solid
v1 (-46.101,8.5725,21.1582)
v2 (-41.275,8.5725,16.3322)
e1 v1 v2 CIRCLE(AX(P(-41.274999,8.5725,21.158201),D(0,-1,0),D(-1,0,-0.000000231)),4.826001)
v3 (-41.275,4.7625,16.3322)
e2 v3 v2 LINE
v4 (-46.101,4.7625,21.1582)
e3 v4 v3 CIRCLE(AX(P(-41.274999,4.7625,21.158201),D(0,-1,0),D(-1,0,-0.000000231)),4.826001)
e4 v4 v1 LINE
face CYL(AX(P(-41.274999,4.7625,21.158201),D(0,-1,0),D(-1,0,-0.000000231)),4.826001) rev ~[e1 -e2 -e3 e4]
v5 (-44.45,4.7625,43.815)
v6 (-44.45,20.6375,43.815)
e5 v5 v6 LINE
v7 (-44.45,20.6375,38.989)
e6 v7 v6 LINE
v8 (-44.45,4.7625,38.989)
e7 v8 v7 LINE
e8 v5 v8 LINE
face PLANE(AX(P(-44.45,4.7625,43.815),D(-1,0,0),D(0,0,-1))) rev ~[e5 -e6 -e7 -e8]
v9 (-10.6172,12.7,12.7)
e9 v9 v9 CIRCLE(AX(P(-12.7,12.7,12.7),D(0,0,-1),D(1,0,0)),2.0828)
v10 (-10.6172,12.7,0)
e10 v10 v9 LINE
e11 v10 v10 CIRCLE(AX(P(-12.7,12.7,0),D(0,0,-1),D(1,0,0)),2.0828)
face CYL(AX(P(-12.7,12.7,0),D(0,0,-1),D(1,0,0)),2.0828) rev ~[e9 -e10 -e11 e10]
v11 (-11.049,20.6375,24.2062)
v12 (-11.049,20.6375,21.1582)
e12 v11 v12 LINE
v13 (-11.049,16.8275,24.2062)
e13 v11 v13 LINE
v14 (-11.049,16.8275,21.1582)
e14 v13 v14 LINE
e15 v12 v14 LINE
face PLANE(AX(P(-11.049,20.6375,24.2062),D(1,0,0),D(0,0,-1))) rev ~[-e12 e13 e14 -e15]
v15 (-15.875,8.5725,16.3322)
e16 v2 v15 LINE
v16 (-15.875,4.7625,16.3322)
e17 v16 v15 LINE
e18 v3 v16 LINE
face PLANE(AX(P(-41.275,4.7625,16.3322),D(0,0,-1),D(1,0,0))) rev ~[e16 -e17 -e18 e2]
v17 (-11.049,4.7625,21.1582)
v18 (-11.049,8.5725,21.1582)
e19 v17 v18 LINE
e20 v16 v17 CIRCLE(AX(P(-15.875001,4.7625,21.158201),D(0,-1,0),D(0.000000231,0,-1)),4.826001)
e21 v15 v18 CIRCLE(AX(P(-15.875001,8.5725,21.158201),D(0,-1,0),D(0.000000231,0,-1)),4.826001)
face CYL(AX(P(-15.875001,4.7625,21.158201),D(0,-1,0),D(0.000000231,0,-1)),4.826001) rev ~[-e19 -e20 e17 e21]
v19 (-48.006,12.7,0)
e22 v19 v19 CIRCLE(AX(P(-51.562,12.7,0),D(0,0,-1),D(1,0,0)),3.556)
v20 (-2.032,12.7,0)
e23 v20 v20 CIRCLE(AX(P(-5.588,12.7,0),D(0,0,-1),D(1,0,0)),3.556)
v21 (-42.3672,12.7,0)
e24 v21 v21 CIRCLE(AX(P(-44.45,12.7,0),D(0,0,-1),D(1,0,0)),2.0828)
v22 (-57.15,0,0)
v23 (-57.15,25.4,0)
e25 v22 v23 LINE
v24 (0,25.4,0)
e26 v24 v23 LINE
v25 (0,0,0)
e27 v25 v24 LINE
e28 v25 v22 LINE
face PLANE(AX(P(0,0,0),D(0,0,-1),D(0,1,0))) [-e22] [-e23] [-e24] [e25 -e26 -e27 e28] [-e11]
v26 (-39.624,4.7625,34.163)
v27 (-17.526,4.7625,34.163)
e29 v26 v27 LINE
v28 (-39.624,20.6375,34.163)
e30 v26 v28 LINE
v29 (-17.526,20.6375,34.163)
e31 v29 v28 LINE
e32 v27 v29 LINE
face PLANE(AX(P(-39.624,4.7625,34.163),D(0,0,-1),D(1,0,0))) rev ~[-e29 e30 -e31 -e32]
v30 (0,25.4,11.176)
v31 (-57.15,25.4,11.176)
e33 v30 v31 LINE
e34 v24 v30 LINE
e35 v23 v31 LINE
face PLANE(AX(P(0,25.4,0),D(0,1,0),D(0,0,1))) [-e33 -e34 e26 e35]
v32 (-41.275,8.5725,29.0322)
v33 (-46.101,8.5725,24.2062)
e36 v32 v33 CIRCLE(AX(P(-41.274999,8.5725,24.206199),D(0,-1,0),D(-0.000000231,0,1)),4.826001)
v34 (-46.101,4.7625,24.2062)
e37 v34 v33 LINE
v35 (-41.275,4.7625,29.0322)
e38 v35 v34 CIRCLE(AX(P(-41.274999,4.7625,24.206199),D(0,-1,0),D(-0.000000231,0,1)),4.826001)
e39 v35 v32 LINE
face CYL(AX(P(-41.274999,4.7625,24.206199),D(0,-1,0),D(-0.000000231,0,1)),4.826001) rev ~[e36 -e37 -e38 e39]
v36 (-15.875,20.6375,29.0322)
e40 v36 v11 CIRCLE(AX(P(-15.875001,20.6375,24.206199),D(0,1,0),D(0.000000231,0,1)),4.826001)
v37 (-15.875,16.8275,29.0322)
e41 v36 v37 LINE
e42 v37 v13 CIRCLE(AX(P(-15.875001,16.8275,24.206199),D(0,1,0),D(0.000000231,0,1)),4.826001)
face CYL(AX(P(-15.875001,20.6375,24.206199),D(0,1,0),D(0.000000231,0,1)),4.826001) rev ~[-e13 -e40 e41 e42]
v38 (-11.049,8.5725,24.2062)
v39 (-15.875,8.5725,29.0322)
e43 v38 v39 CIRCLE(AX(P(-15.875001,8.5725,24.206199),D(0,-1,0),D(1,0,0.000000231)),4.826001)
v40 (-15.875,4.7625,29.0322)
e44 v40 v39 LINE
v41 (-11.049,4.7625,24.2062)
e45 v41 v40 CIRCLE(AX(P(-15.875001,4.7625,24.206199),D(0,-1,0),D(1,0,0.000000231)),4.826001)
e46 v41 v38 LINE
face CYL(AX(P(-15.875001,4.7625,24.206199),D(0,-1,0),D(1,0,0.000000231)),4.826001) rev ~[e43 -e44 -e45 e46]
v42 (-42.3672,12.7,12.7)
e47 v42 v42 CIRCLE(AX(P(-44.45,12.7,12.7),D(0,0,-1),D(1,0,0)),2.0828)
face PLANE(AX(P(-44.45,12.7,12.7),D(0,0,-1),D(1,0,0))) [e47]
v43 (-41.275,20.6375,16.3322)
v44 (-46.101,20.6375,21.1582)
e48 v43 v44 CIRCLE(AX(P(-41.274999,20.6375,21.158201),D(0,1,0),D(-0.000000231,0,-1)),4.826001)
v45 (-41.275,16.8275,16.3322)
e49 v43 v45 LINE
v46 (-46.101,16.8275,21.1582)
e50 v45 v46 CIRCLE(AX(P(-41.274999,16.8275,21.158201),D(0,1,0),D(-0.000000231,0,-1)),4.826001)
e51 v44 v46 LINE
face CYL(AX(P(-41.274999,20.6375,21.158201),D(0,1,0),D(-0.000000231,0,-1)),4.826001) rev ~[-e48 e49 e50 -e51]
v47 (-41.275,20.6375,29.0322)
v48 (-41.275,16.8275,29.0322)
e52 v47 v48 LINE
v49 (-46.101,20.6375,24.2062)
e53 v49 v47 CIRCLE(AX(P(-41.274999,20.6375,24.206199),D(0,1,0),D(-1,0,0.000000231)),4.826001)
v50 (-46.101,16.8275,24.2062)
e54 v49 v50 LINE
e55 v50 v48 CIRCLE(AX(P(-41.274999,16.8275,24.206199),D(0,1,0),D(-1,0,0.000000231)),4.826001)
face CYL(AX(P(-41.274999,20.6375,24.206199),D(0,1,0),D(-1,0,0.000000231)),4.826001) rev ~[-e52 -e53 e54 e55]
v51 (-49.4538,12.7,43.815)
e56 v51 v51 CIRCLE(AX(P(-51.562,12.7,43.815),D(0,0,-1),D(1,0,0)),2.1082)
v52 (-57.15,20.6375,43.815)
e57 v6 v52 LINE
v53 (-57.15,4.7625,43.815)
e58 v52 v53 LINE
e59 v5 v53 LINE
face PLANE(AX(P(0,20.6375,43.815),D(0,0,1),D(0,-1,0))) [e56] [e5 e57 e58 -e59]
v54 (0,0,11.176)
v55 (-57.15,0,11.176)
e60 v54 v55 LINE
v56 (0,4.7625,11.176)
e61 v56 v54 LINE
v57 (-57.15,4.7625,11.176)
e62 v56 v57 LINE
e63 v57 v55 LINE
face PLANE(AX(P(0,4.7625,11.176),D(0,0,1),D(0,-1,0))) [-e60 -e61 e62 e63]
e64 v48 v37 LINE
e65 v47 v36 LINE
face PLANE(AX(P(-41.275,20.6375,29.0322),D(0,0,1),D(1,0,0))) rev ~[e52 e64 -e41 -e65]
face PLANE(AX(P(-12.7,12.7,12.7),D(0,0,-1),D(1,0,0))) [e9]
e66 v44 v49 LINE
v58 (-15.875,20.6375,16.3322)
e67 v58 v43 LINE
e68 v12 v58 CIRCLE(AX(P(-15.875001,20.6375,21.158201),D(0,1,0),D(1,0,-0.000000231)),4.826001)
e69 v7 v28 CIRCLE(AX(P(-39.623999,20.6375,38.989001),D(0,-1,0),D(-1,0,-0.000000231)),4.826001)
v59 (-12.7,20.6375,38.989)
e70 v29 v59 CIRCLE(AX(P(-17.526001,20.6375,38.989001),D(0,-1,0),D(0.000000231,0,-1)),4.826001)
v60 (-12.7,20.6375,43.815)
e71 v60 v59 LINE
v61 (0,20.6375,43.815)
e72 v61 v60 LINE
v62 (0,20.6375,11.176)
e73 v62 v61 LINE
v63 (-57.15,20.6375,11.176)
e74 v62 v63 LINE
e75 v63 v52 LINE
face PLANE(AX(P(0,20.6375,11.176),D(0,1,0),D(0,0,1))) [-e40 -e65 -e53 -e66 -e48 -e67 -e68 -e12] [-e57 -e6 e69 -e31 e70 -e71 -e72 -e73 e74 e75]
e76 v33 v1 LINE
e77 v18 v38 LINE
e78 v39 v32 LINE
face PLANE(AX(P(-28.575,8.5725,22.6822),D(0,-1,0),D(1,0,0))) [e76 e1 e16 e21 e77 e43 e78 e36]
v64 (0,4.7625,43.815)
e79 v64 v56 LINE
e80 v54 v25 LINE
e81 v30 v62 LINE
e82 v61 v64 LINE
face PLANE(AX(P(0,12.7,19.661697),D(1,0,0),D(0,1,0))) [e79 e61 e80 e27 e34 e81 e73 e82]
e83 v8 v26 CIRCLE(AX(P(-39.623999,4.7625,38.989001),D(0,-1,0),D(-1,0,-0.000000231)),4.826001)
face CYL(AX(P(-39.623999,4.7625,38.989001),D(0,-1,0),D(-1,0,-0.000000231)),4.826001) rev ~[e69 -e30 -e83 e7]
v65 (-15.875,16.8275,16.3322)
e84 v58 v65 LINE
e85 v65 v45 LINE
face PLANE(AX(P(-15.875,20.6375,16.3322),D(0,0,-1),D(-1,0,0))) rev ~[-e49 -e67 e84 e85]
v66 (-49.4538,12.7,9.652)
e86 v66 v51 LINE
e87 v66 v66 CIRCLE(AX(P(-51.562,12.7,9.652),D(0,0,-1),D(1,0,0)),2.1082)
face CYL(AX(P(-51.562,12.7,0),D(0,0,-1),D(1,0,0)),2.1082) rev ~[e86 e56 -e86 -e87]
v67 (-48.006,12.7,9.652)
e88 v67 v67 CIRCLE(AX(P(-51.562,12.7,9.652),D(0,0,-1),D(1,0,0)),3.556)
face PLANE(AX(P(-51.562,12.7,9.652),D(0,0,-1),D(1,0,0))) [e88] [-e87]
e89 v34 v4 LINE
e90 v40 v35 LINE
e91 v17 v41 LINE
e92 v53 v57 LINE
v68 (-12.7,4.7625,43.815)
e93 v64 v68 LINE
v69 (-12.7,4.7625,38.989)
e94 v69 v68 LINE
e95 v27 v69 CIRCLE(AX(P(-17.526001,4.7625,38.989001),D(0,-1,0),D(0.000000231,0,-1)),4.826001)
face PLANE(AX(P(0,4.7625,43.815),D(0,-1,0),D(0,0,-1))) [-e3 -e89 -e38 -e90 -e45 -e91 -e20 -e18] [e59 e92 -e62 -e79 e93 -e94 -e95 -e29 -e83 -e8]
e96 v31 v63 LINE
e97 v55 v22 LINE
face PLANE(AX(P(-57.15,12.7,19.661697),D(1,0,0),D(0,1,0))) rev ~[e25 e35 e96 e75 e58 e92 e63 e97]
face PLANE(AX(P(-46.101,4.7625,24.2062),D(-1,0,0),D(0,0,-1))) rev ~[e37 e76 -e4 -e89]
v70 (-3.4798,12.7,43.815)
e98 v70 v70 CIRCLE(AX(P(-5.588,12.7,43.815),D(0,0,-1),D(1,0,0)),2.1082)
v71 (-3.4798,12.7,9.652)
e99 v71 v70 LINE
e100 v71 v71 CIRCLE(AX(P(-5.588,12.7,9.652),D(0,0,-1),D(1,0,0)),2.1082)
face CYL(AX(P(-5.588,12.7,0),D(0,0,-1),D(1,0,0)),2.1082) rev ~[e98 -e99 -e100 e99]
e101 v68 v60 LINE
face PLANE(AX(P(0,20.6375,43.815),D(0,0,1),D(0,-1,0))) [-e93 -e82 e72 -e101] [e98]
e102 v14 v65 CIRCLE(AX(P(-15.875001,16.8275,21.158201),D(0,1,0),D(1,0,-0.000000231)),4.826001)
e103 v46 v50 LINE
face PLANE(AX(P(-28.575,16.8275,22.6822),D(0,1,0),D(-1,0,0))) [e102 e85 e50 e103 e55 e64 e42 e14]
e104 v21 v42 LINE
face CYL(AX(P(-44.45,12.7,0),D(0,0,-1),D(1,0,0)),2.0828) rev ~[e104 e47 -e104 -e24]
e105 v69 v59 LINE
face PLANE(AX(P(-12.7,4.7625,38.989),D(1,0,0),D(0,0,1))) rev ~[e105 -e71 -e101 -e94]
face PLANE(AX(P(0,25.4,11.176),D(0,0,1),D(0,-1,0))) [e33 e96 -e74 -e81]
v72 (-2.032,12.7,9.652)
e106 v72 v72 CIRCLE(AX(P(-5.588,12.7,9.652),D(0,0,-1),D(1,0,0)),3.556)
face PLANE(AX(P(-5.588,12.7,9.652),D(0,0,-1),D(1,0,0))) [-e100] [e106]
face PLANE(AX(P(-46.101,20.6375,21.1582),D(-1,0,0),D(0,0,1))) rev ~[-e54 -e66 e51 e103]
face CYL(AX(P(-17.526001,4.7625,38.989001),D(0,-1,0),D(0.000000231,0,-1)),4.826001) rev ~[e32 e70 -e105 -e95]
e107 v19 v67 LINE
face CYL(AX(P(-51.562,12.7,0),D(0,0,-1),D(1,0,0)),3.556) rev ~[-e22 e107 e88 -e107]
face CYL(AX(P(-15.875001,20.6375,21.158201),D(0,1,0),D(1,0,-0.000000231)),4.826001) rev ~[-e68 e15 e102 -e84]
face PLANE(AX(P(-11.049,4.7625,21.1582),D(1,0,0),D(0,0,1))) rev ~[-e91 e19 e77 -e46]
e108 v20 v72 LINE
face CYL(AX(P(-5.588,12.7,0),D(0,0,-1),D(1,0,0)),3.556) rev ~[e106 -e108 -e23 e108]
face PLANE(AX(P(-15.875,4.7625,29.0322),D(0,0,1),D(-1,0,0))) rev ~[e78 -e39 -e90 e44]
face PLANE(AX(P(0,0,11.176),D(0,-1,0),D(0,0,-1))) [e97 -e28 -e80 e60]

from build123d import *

# Parameters (mm, degrees)
F1_DEPTH  = 57.15
F3_DEPTH  = 25.4
F5_DEPTH  = 3.81
F7_DEPTH  = 3.81
F8_R      = 2.0828
F9_DEPTH  = 12.7
F8_R_2    = 2.1082
F10_DEPTH = 43.816
F8_R_3    = 3.556
F11_DEPTH = 9.652


with BuildPart() as f1:
    # F0 (on Right) → F1 (new body)
    with BuildSketch(Plane.YZ):
        Polygon((0, 11.176), (0, 0), (25.4, 0), (25.4, 11.176), (20.6375, 11.176), (20.6375, 43.815), (4.7625, 43.815), (4.7625, 11.176), align=None)
    extrude(amount=-F1_DEPTH)

    # F2 (on face) → F3 (cut)
    with BuildSketch(Plane.XZ.offset(-4.7625)):
        with BuildLine():
            Line((-12.7, 43.815), (-44.45, 43.815))
            Line((-44.45, 43.815), (-44.45, 38.989))
            ThreePointArc((-44.45, 38.989), (-43.036497, 35.576503), (-39.624, 34.163))
            Line((-39.624, 34.163), (-17.526, 34.163))
            ThreePointArc((-17.526, 34.163), (-14.113503, 35.576503), (-12.7, 38.989))
            Line((-12.7, 38.989), (-12.7, 43.815))
        make_face()
    extrude(amount=-F3_DEPTH, mode=Mode.SUBTRACT)

    # F4 (on face) → F5 (cut)
    with BuildSketch(Plane.XZ.offset(-4.7625)):
        with BuildLine():
            Line((-15.875, 29.0322), (-41.275, 29.0322))
            ThreePointArc((-41.275, 29.0322), (-44.687497, 27.618697), (-46.101, 24.2062))
            Line((-46.101, 24.2062), (-46.101, 21.1582))
            ThreePointArc((-46.101, 21.1582), (-44.687497, 17.745703), (-41.275, 16.3322))
            Line((-41.275, 16.3322), (-15.875, 16.3322))
            ThreePointArc((-15.875, 16.3322), (-12.462503, 17.745703), (-11.049, 21.1582))
            Line((-11.049, 21.1582), (-11.049, 24.2062))
            ThreePointArc((-11.049, 24.2062), (-12.462503, 27.618697), (-15.875, 29.0322))
        make_face()
    extrude(amount=-F5_DEPTH, mode=Mode.SUBTRACT)

    # F6 (on face) → F7 (cut)
    with BuildSketch(Plane(origin=(0, 20.6375, 0), x_dir=(-1, 0, 0), z_dir=(0, 1, 0))):
        with BuildLine():
            Line((41.275, 29.0322), (15.875, 29.0322))
            ThreePointArc((15.875, 29.0322), (12.462503, 27.618697), (11.049, 24.2062))
            Line((11.049, 24.2062), (11.049, 21.1582))
            ThreePointArc((11.049, 21.1582), (12.462503, 17.745703), (15.875, 16.3322))
            Line((15.875, 16.3322), (41.275, 16.3322))
            ThreePointArc((41.275, 16.3322), (44.687497, 17.745703), (46.101, 21.1582))
            Line((46.101, 21.1582), (46.101, 24.2062))
            ThreePointArc((46.101, 24.2062), (44.687497, 27.618697), (41.275, 29.0322))
        make_face()
    extrude(amount=-F7_DEPTH, mode=Mode.SUBTRACT)

    # F8 (on face) → F9 (cut)
    with BuildSketch(Plane(origin=(0, 0, 0), x_dir=(1, 0, 0), z_dir=(0, 0, -1))):
        with Locations((-44.45, -12.7)):
            Circle(F8_R)
        with Locations((-12.7, -12.7)):
            Circle(F8_R)
    extrude(amount=-F9_DEPTH, mode=Mode.SUBTRACT)

    # F8 (on face) → F10 (cut, through all)
    with BuildSketch(Plane(origin=(0, 0, 0), x_dir=(1, 0, 0), z_dir=(0, 0, -1))):
        with Locations((-51.562, -12.7)):
            Circle(F8_R_2)
        with Locations((-5.588, -12.7)):
            Circle(F8_R_2)
    extrude(amount=-F10_DEPTH, mode=Mode.SUBTRACT)

    # F8 (on face) → F11 (cut)
    with BuildSketch(Plane(origin=(0, 0, 0), x_dir=(1, 0, 0), z_dir=(0, 0, -1))):
        with Locations((-51.562, -12.7)):
            Circle(F8_R_3)
        with Locations((-51.562, -12.7)):
            Circle(F8_R_2, mode=Mode.SUBTRACT)
        with Locations((-5.588, -12.7)):
            Circle(F8_R_3)
        with Locations((-5.588, -12.7)):
            Circle(F8_R_2, mode=Mode.SUBTRACT)
    extrude(amount=-F11_DEPTH, mode=Mode.SUBTRACT)


solid = f1.part
